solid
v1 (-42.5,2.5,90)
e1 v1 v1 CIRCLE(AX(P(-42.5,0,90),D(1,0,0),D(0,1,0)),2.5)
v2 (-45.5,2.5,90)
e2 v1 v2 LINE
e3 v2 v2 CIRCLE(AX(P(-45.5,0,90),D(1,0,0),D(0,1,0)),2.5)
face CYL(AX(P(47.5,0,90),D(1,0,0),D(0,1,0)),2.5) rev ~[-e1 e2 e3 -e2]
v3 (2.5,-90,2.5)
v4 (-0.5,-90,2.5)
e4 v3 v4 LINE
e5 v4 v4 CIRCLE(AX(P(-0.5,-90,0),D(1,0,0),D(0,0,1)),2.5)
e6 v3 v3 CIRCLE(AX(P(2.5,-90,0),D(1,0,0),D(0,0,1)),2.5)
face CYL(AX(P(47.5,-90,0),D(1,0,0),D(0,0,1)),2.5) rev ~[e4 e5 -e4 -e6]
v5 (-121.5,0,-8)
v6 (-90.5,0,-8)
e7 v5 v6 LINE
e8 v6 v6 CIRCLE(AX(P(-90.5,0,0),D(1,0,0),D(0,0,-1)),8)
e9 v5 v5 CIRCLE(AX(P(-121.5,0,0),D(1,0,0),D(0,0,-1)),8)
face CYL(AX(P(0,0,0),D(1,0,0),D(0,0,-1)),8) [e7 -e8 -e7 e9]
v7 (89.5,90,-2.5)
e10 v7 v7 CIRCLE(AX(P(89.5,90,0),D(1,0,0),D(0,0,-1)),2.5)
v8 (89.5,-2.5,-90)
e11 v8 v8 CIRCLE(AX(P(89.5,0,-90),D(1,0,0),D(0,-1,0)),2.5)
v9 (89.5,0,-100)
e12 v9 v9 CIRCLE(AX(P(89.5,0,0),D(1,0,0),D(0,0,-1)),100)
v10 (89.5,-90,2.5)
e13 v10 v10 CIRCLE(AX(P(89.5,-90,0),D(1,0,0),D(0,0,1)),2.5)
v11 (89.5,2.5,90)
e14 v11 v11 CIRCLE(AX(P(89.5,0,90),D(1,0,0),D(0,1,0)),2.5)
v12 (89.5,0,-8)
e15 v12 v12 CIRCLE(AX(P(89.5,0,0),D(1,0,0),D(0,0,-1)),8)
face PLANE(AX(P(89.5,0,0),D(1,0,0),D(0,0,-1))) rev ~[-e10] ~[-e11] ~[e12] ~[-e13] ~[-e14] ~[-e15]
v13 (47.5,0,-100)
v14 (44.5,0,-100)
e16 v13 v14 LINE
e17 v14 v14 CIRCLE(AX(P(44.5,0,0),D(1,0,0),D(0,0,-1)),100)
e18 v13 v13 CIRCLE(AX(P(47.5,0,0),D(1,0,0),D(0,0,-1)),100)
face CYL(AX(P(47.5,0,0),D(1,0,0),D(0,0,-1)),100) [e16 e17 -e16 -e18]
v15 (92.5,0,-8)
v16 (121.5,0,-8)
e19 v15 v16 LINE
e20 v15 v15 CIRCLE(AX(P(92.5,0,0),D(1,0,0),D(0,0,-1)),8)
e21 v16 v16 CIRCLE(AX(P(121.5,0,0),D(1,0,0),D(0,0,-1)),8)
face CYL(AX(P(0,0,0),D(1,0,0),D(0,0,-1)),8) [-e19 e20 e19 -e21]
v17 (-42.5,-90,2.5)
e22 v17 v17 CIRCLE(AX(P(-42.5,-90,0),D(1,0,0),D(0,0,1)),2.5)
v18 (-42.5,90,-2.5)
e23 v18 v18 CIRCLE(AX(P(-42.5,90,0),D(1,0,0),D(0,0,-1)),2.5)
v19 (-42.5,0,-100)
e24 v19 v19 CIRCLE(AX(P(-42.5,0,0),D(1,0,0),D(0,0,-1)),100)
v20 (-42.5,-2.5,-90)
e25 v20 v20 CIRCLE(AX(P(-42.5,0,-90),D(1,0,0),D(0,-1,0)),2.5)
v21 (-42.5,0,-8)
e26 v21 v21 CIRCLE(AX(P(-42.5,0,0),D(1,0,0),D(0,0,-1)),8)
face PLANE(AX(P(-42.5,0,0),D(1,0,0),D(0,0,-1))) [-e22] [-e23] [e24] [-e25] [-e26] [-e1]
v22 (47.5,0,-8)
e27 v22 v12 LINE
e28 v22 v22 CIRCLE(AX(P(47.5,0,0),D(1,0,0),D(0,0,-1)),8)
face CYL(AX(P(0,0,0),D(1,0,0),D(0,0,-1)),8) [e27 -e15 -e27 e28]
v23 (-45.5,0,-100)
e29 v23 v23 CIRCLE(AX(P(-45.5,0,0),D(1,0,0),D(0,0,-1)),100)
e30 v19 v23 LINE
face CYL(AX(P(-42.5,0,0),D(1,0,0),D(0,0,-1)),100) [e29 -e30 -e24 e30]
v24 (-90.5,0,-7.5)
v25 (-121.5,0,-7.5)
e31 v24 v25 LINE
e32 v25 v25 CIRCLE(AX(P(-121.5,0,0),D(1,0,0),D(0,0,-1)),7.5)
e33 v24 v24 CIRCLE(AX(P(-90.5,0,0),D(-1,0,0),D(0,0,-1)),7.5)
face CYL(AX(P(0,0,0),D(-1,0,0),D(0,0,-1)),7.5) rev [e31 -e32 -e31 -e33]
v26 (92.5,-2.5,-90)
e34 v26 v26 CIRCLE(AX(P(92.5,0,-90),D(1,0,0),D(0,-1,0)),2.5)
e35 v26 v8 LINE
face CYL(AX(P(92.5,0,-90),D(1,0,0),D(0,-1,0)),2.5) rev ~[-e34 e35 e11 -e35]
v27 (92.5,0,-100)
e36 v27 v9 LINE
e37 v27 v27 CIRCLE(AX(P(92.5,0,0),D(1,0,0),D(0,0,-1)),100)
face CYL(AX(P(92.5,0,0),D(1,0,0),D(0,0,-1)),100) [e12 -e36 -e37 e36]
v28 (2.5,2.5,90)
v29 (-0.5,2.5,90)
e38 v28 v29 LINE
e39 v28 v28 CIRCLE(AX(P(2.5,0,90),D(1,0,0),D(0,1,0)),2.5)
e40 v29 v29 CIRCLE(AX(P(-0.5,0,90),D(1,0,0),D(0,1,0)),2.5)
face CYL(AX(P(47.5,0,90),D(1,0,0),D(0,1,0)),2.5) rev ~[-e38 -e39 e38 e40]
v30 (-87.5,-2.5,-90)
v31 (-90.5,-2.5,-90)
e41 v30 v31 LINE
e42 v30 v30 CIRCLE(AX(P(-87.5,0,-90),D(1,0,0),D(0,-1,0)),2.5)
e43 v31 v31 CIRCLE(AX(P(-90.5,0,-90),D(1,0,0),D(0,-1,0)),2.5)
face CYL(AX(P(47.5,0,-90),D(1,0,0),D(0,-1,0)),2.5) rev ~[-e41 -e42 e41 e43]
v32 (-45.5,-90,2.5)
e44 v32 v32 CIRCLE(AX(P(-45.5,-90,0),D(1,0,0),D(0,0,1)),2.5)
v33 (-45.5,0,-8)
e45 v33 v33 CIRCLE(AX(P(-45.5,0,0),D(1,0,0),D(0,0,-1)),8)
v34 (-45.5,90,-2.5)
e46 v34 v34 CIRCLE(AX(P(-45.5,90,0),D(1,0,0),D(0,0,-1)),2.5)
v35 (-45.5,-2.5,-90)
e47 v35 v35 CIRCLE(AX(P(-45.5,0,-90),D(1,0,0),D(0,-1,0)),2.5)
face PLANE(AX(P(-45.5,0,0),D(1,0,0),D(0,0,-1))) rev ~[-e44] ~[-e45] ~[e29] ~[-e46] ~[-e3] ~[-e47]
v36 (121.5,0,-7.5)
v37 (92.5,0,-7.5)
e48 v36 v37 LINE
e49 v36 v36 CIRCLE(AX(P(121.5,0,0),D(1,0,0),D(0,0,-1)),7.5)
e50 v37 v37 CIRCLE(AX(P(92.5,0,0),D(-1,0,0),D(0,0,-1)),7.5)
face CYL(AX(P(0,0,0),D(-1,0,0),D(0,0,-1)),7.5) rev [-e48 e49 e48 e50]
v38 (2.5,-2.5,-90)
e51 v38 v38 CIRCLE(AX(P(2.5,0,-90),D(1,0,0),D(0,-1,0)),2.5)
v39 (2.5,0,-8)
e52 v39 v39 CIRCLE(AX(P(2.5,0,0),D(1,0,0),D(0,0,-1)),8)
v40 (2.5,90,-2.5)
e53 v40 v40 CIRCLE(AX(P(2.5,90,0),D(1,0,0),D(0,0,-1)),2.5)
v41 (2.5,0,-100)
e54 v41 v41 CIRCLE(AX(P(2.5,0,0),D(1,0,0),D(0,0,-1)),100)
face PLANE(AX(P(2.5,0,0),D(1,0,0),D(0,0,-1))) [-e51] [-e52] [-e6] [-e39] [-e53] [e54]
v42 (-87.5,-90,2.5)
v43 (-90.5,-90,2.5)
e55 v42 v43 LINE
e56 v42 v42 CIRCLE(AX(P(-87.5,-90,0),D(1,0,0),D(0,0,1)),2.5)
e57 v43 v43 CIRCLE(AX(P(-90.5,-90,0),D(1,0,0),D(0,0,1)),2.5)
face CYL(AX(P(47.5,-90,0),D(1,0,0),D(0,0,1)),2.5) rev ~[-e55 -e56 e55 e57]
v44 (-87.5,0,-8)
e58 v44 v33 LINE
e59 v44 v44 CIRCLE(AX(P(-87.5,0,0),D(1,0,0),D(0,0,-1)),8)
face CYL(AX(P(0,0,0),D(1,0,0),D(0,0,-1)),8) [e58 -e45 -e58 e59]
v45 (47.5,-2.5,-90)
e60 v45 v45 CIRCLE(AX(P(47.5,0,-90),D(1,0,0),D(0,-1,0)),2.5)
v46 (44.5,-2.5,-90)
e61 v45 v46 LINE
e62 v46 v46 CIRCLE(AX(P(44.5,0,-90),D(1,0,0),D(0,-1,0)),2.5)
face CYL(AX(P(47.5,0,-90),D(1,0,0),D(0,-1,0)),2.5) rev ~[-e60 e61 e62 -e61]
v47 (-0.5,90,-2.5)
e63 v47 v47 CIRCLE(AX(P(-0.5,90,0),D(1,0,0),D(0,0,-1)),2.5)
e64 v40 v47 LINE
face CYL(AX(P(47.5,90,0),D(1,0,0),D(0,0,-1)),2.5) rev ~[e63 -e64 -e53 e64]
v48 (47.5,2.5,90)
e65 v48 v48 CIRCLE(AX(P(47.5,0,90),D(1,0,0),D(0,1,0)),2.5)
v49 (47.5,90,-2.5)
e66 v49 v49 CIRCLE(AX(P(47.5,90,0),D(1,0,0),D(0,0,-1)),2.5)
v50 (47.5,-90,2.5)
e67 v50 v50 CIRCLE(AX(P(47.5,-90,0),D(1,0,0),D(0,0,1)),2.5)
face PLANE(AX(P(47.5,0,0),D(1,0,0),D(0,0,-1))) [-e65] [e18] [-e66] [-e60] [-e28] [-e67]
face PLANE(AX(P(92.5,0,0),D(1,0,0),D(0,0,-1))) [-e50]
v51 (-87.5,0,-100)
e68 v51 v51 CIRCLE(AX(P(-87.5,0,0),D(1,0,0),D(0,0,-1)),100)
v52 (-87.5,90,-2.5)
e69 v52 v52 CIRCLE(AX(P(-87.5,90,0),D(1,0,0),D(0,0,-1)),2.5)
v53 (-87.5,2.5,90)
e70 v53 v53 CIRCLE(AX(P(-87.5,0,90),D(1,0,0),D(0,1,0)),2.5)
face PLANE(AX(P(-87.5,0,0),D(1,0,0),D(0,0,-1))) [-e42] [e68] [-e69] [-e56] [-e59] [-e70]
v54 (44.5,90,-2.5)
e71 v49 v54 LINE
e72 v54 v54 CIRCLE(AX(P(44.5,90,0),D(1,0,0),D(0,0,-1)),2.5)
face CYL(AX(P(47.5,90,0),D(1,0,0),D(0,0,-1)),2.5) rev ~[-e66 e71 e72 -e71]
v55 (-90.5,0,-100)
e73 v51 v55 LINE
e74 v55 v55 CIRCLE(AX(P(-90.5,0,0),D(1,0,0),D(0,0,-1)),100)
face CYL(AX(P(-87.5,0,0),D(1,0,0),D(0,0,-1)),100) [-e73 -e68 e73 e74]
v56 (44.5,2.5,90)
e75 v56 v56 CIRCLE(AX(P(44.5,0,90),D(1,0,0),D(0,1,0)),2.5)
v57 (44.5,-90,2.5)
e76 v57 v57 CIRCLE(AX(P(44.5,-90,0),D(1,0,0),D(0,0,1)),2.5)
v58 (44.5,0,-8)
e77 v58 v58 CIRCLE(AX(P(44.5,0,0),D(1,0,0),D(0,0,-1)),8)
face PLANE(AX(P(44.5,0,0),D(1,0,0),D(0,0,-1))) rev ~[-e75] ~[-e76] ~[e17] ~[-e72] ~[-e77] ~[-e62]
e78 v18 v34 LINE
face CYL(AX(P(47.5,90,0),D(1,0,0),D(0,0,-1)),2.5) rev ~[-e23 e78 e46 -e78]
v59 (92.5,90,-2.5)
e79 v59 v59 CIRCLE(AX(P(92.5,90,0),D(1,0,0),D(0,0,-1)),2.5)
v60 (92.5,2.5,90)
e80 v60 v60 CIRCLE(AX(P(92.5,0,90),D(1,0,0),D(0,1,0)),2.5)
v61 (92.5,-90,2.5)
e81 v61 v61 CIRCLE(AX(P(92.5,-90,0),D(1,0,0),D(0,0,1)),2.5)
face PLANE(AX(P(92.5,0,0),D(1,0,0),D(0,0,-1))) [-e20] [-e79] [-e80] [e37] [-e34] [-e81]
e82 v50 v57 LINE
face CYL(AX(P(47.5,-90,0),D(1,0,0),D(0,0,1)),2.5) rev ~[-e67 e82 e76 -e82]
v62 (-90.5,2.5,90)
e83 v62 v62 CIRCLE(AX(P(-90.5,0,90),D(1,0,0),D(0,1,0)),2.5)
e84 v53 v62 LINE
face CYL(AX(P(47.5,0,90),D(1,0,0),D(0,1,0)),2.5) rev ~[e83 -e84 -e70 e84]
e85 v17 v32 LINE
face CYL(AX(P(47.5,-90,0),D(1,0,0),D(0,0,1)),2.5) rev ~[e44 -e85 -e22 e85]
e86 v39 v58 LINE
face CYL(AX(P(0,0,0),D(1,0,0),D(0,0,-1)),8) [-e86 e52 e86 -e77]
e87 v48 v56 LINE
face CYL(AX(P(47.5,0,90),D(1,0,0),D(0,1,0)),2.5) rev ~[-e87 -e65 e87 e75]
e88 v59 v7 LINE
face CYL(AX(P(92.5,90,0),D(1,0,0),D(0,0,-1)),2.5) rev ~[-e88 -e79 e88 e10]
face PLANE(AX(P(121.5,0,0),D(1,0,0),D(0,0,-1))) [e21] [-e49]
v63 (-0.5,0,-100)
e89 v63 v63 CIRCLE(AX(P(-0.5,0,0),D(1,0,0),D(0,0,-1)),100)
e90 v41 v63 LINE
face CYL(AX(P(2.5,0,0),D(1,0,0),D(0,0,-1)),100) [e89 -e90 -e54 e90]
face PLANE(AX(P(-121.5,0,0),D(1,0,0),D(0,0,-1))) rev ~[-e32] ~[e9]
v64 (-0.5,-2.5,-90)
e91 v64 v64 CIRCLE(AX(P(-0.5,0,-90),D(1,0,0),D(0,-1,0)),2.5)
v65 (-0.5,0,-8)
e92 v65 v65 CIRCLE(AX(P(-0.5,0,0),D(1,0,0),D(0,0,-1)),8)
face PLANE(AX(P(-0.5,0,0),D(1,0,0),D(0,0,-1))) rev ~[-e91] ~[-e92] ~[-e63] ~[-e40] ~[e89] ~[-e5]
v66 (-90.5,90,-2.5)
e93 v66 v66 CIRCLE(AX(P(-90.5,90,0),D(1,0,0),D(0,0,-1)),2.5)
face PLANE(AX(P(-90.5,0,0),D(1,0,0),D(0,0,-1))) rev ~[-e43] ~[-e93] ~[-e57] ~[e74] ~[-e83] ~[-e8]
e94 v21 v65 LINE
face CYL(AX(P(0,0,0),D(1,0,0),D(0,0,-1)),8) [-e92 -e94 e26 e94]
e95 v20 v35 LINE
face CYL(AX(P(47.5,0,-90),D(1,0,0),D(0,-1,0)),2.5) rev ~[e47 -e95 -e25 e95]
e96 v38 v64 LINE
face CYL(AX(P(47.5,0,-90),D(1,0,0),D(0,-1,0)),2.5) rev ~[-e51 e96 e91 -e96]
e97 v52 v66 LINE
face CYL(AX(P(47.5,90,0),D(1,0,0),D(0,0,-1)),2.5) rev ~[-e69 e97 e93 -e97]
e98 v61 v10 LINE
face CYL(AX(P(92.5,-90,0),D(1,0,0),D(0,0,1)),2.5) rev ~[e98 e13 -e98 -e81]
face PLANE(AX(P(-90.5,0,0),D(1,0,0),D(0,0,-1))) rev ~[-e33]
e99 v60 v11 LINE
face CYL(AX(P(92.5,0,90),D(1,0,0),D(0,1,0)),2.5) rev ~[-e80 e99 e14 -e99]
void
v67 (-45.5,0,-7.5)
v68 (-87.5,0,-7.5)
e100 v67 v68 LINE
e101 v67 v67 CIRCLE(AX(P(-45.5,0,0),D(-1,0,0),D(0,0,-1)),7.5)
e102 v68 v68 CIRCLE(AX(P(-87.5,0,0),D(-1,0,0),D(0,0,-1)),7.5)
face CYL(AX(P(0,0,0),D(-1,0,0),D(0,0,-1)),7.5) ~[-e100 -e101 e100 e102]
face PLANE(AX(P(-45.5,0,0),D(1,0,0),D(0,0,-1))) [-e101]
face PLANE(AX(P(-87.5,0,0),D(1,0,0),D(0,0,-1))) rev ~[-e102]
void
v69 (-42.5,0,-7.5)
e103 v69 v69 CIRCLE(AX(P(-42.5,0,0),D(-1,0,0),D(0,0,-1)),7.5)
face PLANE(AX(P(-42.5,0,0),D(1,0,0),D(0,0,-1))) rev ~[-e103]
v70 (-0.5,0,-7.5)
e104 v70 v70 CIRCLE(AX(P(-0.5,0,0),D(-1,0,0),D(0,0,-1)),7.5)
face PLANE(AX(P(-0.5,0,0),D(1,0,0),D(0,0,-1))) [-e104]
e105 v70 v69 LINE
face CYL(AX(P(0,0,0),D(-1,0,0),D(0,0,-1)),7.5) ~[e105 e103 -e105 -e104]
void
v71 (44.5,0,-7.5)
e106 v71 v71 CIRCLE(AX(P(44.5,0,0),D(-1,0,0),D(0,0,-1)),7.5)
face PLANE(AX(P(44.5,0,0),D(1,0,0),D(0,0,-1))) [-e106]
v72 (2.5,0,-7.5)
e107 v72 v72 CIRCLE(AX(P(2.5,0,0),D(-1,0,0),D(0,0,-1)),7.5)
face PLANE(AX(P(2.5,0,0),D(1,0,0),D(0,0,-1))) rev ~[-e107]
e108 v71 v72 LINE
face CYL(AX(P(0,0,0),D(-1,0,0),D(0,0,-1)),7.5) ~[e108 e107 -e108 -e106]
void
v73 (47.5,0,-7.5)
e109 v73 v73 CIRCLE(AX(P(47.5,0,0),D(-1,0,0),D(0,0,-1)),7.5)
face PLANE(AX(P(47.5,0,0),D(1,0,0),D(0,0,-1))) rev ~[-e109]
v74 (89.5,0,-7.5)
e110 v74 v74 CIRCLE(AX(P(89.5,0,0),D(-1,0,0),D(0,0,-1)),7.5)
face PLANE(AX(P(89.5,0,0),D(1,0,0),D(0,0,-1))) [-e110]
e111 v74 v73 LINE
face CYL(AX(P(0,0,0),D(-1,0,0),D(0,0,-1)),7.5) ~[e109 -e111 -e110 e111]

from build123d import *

# Parameters (mm, degrees)
SKETCH1_R                  = 8
SKETCH1_R_2                = 7.5
BOSS_EXTRUDE1_DEPTH        = 121.5
SKETCH2_R                  = 100
BOSS_EXTRUDE2_DEPTH        = 3
SKETCH3_R                  = 2.5
CUT_EXTRUDE1_DEPTH         = 257.507309837
CIRPATTERN1_COUNT          = 4
LPATTERN1_COUNT            = 5
LPATTERN1_PITCH            = 45
LPATTERN1_COPY_1_SKETCH_R  = 2.5
LPATTERN1_COPY_1_DEPTH     = 257.507309837
LPATTERN1_COPY_2_SKETCH_R  = 2.5
LPATTERN1_COPY_2_DEPTH     = 257.507309837
LPATTERN1_COPY_3_SKETCH_R  = 2.5
LPATTERN1_COPY_3_DEPTH     = 257.507309837
LPATTERN1_COPY_4_SKETCH_R  = 2.5
LPATTERN1_COPY_4_DEPTH     = 257.507309837
LPATTERN1_COPY_5_SKETCH_R  = 2.5
LPATTERN1_COPY_5_DEPTH     = 257.507309837
LPATTERN1_COPY_6_SKETCH_R  = 2.5
LPATTERN1_COPY_6_DEPTH     = 257.507309837
LPATTERN1_COPY_7_SKETCH_R  = 2.5
LPATTERN1_COPY_7_DEPTH     = 257.507309837
LPATTERN1_COPY_8_SKETCH_R  = 2.5
LPATTERN1_COPY_8_DEPTH     = 257.507309837
LPATTERN1_COPY_9_SKETCH_R  = 2.5
LPATTERN1_COPY_9_DEPTH     = 257.507309837
LPATTERN1_COPY_10_SKETCH_R = 2.5
LPATTERN1_COPY_10_DEPTH    = 257.507309837
LPATTERN1_COPY_11_SKETCH_R = 2.5
LPATTERN1_COPY_11_DEPTH    = 257.507309837
LPATTERN1_COPY_12_SKETCH_R = 2.5
LPATTERN1_COPY_12_DEPTH    = 257.507309837


with BuildPart() as part:
    # Sketch1 → Boss-Extrude1 (new, symmetric)
    with BuildSketch(Plane(origin=(0, 0, 0), x_dir=(0, 0, -1), z_dir=(1, 0, 0))):
        Circle(SKETCH1_R)
        Circle(SKETCH1_R_2, mode=Mode.SUBTRACT)
    extrude(amount=BOSS_EXTRUDE1_DEPTH, both=True)

    # Sketch2 → Boss-Extrude2 (add)
    with BuildSketch(Plane(origin=(92.5, 0, 0), x_dir=(0, 0, -1), z_dir=(1, 0, 0))):
        Circle(SKETCH2_R)
    boss_extrude2 = extrude(amount=-BOSS_EXTRUDE2_DEPTH)

    # Sketch3 → Cut-Extrude1 (cut, through all)
    with BuildSketch(Plane(origin=(92.5, 0, 0), x_dir=(0, 0, -1), z_dir=(1, 0, 0))):
        with Locations((0, 90)):
            Circle(SKETCH3_R)
    cut_extrude1 = extrude(amount=-CUT_EXTRUDE1_DEPTH, mode=Mode.SUBTRACT)

    # CirPattern1: Cut-Extrude1 ×4 about axis
    cirpattern1_axis = Axis((0, 0, 0), (1, 0, 0))
    for i in range(1, CIRPATTERN1_COUNT):
        add(cut_extrude1.rotate(cirpattern1_axis, i * 360 / CIRPATTERN1_COUNT), mode=Mode.SUBTRACT)

    # LPattern1: Boss-Extrude2, Cut-Extrude1 ×5
    with Locations(*[(-i * LPATTERN1_PITCH, 0, 0) for i in range(1, LPATTERN1_COUNT)]):
        add(boss_extrude2)
        add(cut_extrude1, mode=Mode.SUBTRACT)

    # LPattern1 copy 1 sketch → LPattern1 copy 1 (cut, through all)
    with BuildSketch(Plane.YZ.offset(47.5)):
        with Locations((0, 90)):
            Circle(LPATTERN1_COPY_1_SKETCH_R)
    extrude(amount=-LPATTERN1_COPY_1_DEPTH, mode=Mode.SUBTRACT)

    # LPattern1 copy 2 sketch → LPattern1 copy 2 (cut, through all)
    with BuildSketch(Plane.YZ.offset(2.5)):
        with Locations((0, 90)):
            Circle(LPATTERN1_COPY_2_SKETCH_R)
    extrude(amount=-LPATTERN1_COPY_2_DEPTH, mode=Mode.SUBTRACT)

    # LPattern1 copy 3 sketch → LPattern1 copy 3 (cut, through all)
    with BuildSketch(Plane.YZ.offset(-42.5)):
        with Locations((0, 90)):
            Circle(LPATTERN1_COPY_3_SKETCH_R)
    extrude(amount=-LPATTERN1_COPY_3_DEPTH, mode=Mode.SUBTRACT)

    # LPattern1 copy 4 sketch → LPattern1 copy 4 (cut, through all)
    with BuildSketch(Plane.YZ.offset(-87.5)):
        with Locations((0, 90)):
            Circle(LPATTERN1_COPY_4_SKETCH_R)
    extrude(amount=-LPATTERN1_COPY_4_DEPTH, mode=Mode.SUBTRACT)

    # LPattern1 copy 5 sketch → LPattern1 copy 5 (cut, through all)
    with BuildSketch(Plane(origin=(47.5, 0, 0), x_dir=(0, 0, 1), z_dir=(1, 0, 0))):
        with Locations((0, 90)):
            Circle(LPATTERN1_COPY_5_SKETCH_R)
    extrude(amount=-LPATTERN1_COPY_5_DEPTH, mode=Mode.SUBTRACT)

    # LPattern1 copy 6 sketch → LPattern1 copy 6 (cut, through all)
    with BuildSketch(Plane(origin=(2.5, 0, 0), x_dir=(0, 0, 1), z_dir=(1, 0, 0))):
        with Locations((0, 90)):
            Circle(LPATTERN1_COPY_6_SKETCH_R)
    extrude(amount=-LPATTERN1_COPY_6_DEPTH, mode=Mode.SUBTRACT)

    # LPattern1 copy 7 sketch → LPattern1 copy 7 (cut, through all)
    with BuildSketch(Plane(origin=(-42.5, 0, 0), x_dir=(0, 0, 1), z_dir=(1, 0, 0))):
        with Locations((0, 90)):
            Circle(LPATTERN1_COPY_7_SKETCH_R)
    extrude(amount=-LPATTERN1_COPY_7_DEPTH, mode=Mode.SUBTRACT)

    # LPattern1 copy 8 sketch → LPattern1 copy 8 (cut, through all)
    with BuildSketch(Plane(origin=(-87.5, 0, 0), x_dir=(0, 0, 1), z_dir=(1, 0, 0))):
        with Locations((0, 90)):
            Circle(LPATTERN1_COPY_8_SKETCH_R)
    extrude(amount=-LPATTERN1_COPY_8_DEPTH, mode=Mode.SUBTRACT)

    # LPattern1 copy 9 sketch → LPattern1 copy 9 (cut, through all)
    with BuildSketch(Plane(origin=(47.5, 0, 0), x_dir=(0, -1, 0), z_dir=(1, 0, 0))):
        with Locations((0, 90)):
            Circle(LPATTERN1_COPY_9_SKETCH_R)
    extrude(amount=-LPATTERN1_COPY_9_DEPTH, mode=Mode.SUBTRACT)

    # LPattern1 copy 10 sketch → LPattern1 copy 10 (cut, through all)
    with BuildSketch(Plane(origin=(2.5, 0, 0), x_dir=(0, -1, 0), z_dir=(1, 0, 0))):
        with Locations((0, 90)):
            Circle(LPATTERN1_COPY_10_SKETCH_R)
    extrude(amount=-LPATTERN1_COPY_10_DEPTH, mode=Mode.SUBTRACT)

    # LPattern1 copy 11 sketch → LPattern1 copy 11 (cut, through all)
    with BuildSketch(Plane(origin=(-42.5, 0, 0), x_dir=(0, -1, 0), z_dir=(1, 0, 0))):
        with Locations((0, 90)):
            Circle(LPATTERN1_COPY_11_SKETCH_R)
    extrude(amount=-LPATTERN1_COPY_11_DEPTH, mode=Mode.SUBTRACT)

    # LPattern1 copy 12 sketch → LPattern1 copy 12 (cut, through all)
    with BuildSketch(Plane(origin=(-87.5, 0, 0), x_dir=(0, -1, 0), z_dir=(1, 0, 0))):
        with Locations((0, 90)):
            Circle(LPATTERN1_COPY_12_SKETCH_R)
    extrude(amount=-LPATTERN1_COPY_12_DEPTH, mode=Mode.SUBTRACT)


solid = part.part
